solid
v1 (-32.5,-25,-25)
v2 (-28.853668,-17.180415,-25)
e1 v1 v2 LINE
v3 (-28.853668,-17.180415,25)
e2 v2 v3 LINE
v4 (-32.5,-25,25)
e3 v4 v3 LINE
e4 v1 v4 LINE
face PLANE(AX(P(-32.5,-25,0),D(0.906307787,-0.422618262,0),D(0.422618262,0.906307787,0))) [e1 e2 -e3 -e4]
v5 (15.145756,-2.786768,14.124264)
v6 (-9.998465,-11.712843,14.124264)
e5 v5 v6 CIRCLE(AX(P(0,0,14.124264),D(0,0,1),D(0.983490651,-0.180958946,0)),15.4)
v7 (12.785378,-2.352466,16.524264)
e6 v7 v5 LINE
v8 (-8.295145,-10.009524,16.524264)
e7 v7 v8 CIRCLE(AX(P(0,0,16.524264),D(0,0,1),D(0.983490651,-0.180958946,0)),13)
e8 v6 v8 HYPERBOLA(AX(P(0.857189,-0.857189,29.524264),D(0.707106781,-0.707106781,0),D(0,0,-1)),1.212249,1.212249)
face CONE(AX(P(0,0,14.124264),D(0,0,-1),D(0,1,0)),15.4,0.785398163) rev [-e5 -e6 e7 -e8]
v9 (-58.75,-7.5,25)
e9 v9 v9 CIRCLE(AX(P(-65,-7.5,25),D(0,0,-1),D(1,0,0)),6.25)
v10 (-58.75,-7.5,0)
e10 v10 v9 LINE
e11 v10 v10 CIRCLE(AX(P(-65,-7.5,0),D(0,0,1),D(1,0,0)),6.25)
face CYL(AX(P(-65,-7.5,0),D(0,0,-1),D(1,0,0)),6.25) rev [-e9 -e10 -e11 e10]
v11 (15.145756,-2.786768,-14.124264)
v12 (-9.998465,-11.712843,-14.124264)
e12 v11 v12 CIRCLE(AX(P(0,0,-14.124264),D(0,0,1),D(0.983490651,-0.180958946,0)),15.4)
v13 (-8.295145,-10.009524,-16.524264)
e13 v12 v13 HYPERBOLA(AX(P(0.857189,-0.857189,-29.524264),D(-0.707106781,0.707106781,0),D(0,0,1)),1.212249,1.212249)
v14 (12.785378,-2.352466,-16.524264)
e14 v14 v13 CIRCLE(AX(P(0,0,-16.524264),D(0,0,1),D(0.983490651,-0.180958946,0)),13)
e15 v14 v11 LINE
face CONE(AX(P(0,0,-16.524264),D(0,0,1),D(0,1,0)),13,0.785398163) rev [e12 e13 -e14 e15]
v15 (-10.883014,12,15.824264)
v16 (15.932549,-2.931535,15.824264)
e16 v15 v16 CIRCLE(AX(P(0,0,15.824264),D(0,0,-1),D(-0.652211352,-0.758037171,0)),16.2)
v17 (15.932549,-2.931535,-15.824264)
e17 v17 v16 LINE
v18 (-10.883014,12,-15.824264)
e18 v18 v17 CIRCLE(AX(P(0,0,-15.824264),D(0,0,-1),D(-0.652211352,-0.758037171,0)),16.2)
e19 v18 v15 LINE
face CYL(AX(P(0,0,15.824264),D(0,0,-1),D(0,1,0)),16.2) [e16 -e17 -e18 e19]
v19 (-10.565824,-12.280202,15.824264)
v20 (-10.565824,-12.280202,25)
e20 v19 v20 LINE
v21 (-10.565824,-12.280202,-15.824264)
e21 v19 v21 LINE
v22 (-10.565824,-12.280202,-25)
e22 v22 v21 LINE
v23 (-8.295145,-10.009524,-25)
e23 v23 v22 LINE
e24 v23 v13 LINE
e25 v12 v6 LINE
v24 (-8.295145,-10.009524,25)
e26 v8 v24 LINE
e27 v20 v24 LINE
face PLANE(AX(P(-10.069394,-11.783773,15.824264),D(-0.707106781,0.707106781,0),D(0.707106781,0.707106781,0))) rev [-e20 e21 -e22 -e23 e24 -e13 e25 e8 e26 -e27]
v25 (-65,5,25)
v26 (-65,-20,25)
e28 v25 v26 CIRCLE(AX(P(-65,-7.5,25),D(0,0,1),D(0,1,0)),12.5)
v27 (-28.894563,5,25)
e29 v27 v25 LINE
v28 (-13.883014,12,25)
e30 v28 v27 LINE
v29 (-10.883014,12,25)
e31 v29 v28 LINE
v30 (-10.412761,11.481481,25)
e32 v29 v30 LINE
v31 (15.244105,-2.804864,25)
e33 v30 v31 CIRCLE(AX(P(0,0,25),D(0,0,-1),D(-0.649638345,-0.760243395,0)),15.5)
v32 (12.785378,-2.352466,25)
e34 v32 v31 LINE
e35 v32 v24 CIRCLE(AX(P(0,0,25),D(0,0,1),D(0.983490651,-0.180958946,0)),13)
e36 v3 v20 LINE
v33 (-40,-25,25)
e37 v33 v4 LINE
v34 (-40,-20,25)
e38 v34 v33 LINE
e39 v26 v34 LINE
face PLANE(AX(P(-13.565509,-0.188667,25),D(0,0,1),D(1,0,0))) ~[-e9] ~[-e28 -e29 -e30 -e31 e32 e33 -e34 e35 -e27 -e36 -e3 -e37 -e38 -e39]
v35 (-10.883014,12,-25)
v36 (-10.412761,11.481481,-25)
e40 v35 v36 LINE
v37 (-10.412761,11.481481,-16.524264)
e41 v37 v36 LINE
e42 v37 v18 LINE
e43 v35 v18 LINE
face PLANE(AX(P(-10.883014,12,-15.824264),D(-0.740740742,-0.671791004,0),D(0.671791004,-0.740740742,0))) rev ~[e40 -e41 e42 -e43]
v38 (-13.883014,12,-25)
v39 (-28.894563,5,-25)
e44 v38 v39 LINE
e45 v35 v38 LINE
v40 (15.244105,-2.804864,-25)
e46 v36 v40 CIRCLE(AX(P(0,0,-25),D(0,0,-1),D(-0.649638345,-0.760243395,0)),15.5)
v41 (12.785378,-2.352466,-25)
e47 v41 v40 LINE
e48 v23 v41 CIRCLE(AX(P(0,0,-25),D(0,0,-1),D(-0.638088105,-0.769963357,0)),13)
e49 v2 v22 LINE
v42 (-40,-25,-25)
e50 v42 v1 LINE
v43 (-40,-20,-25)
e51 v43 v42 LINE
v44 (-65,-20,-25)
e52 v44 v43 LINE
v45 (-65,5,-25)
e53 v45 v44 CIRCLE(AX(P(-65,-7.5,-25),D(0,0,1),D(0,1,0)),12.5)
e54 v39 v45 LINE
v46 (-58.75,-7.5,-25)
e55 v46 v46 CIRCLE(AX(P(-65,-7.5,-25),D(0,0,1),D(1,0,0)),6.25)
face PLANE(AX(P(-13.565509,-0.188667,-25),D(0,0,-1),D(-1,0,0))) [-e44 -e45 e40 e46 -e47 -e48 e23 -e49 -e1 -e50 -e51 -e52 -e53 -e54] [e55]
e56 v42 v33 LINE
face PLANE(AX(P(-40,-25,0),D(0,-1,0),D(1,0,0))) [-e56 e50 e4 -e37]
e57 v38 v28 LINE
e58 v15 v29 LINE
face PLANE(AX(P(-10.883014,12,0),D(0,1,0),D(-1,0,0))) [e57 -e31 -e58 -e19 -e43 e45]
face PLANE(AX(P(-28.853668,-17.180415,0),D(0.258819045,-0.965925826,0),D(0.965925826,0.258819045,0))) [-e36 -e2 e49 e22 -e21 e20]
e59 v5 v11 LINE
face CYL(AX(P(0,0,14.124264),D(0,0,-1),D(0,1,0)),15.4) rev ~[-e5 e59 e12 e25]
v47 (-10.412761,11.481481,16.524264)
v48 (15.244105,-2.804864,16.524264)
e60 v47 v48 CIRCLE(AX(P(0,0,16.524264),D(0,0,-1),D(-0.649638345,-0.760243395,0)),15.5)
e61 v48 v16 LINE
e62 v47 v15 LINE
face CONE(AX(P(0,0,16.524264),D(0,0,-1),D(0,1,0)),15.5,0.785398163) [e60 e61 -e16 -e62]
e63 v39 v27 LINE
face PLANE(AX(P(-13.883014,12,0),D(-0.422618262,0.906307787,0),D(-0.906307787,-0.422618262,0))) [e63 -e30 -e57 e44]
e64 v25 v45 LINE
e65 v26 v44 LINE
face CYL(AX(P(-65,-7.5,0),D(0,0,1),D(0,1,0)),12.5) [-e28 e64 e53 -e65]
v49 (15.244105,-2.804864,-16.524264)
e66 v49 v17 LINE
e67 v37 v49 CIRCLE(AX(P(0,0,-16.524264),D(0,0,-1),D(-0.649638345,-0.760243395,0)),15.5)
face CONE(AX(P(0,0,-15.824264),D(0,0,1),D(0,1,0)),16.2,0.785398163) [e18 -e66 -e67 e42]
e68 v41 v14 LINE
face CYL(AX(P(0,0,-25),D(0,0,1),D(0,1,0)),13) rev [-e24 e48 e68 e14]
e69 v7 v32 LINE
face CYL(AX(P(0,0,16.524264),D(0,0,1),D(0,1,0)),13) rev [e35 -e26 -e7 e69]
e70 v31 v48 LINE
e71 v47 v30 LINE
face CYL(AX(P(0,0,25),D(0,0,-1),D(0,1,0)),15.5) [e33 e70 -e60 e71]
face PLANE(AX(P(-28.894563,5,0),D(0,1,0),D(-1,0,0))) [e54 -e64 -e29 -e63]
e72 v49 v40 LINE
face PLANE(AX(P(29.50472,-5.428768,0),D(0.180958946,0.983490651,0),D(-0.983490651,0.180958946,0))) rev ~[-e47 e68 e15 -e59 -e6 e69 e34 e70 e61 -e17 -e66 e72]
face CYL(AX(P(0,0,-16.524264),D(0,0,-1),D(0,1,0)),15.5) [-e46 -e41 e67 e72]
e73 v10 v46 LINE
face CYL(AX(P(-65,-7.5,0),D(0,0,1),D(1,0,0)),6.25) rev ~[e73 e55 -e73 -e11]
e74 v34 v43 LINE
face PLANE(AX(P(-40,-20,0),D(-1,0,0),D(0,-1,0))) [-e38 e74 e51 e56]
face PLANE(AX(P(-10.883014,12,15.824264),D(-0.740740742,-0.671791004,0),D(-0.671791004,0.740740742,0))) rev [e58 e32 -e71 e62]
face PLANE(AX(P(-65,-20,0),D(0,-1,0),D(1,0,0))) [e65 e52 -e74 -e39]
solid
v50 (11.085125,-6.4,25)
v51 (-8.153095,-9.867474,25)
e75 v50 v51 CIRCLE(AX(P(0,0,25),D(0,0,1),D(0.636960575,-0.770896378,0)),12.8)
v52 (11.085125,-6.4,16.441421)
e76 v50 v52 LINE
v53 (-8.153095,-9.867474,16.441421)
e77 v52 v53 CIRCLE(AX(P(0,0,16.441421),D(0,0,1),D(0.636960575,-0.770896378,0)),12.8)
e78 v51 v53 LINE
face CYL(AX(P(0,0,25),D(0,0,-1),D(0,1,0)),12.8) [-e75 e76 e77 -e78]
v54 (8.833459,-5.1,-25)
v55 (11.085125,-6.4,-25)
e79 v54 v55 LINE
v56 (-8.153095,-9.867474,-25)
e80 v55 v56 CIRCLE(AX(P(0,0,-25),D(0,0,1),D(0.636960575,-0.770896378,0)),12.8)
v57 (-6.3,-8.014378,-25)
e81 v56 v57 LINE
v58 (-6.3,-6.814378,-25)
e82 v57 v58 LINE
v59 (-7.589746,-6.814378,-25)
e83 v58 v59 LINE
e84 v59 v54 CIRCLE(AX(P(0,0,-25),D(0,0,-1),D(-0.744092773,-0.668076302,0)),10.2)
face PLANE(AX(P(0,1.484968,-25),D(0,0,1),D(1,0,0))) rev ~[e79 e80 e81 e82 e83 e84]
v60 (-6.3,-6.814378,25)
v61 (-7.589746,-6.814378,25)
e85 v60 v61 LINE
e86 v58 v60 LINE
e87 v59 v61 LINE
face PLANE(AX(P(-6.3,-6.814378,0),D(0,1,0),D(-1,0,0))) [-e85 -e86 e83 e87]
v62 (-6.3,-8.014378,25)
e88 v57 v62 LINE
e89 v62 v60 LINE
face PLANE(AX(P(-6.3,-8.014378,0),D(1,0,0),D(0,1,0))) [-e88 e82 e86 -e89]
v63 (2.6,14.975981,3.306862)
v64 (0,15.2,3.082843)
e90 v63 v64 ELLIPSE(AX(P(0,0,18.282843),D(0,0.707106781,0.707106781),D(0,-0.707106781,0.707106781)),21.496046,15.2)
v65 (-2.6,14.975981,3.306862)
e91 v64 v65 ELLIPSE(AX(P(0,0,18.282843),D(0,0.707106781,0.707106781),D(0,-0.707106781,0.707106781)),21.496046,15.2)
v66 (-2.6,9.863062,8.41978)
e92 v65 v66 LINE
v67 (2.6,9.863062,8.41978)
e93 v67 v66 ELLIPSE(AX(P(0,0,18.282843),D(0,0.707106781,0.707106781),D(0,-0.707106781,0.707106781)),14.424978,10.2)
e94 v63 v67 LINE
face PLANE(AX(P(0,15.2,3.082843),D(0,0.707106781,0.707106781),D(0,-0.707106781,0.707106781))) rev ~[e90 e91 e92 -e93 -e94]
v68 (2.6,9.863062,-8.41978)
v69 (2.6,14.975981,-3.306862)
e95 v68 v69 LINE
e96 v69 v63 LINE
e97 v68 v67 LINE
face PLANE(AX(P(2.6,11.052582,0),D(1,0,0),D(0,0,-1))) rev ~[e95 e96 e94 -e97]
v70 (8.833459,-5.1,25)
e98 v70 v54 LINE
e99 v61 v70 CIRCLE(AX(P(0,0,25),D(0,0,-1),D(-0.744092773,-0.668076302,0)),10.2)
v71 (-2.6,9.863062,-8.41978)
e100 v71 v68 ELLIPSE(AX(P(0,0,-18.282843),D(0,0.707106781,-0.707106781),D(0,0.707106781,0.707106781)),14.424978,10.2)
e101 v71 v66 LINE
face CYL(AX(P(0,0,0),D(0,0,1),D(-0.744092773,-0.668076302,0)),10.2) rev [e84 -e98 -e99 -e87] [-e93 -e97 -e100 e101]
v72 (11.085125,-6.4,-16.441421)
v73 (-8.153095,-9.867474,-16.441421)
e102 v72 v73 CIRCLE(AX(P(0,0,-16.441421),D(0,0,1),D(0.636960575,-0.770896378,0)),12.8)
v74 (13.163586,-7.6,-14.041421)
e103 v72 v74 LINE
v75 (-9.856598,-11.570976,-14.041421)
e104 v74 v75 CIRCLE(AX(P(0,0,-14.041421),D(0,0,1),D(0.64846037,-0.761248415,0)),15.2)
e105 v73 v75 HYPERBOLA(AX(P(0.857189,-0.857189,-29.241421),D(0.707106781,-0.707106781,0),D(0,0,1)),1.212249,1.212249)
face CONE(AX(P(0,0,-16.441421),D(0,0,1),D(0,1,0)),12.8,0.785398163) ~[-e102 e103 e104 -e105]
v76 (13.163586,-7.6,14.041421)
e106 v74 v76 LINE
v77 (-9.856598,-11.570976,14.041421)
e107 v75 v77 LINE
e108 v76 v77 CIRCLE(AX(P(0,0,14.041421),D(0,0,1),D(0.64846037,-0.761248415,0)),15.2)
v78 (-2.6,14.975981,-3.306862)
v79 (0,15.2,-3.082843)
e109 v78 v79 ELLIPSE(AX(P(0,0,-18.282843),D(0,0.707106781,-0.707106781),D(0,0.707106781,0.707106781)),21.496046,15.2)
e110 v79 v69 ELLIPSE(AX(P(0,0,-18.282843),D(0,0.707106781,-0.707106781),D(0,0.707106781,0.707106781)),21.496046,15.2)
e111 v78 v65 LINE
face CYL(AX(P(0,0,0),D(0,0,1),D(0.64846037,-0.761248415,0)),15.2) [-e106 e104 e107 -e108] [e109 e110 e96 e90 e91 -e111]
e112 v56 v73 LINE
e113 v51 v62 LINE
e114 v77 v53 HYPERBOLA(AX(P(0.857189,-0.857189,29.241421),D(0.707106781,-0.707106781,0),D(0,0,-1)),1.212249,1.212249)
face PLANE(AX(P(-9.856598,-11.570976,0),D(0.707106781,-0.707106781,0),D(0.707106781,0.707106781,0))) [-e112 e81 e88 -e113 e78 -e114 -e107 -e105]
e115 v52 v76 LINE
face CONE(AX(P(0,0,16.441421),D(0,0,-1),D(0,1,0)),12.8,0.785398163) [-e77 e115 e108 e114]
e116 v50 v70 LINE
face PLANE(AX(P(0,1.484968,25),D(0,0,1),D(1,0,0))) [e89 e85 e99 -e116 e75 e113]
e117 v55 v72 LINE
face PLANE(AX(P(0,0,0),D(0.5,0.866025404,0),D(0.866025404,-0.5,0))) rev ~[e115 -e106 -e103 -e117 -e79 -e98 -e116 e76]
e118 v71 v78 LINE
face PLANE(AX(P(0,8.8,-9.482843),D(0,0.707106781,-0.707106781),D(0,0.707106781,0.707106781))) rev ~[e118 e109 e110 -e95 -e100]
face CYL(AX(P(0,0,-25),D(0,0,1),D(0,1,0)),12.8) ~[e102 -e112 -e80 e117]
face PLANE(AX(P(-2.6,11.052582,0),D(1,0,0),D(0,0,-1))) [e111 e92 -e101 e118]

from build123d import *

# Parameters (mm, degrees)
BOSS_EXTRUDE1_DEPTH     = 25
CUT_EXTRUDE1_DEPTH      = 2.6
CUT_EXTRUDE2_DEPTH      = 26
CUT_EXTRUDE2_DEPTH_BACK = 26
BOSS_EXTRUDE2_DEPTH     = 25
BOSS_EXTRUDE3_START     = -9.175736
BOSS_EXTRUDE3_DEPTH     = 9.175736
SKETCH15_R              = 6.25
CUT_EXTRUDE3_DEPTH      = 26
CUT_EXTRUDE3_DEPTH_BACK = 26
CUT_EXTRUDE4_DEPTH      = 26
CUT_EXTRUDE4_DEPTH_BACK = 26


with BuildPart() as part:
    # Sketch3 → Boss-Extrude1 (new body, symmetric)
    with BuildSketch(Plane.XY):
        with BuildLine():
            Line((6.3, -8.014378278), (9.856597623, -11.570975901))
            ThreePointArc((9.856597623, -11.570975901), (0, 15.2), (-9.856597623, -11.570975901))
            Line((-9.856597623, -11.570975901), (-6.3, -8.014378278))
            Line((-6.3, -8.014378278), (-6.3, -6.814378278))
            Line((-6.3, -6.814378278), (-7.589746286, -6.814378278))
            ThreePointArc((-7.589746286, -6.814378278), (0, 10.2), (7.589746286, -6.814378278))
            Line((7.589746286, -6.814378278), (6.3, -6.814378278))
            Line((6.3, -6.814378278), (6.3, -8.014378278))
        make_face()
    extrude(amount=BOSS_EXTRUDE1_DEPTH, both=True)

    # Sketch4 → Cut-Extrude1 (cut, symmetric)
    with BuildSketch(Plane(origin=(0, 0, 0), x_dir=(0, 0, -1), z_dir=(1, 0, 0))):
        Polygon((-3.082842712, 15.2), (-9.482842712, 8.8), (9.482842712, 8.8), (3.082842712, 15.2), align=None)
    extrude(amount=CUT_EXTRUDE1_DEPTH, both=True, mode=Mode.SUBTRACT)

    # Sketch5 → Cut-Revolve1 (revolve, cut)
    with BuildSketch(Plane(origin=(0, 0, 0), x_dir=(0, 0, -1), z_dir=(1, 0, 0))):
        Polygon((25, 15.2), (25, 12.8), (16.441421356, 12.8), (14.041421356, 15.2), align=None)
    cut_revolve1 = revolve(axis=Axis((0, 0, 27.223610458), (0, 0, -1)), mode=Mode.SUBTRACT)

    # Mirror1: Cut-Revolve1 across plane
    add(cut_revolve1.mirror(Plane.XY), mode=Mode.SUBTRACT)

    # Sketch16 → Cut-Extrude4 (cut, two sides)
    with BuildSketch(Plane.XY) as cut_extrude4_sk:
        with BuildLine():
            Line((0, 0), (13.163586138, -7.6))
            ThreePointArc((13.163586138, -7.6), (7.6, -13.163586138), (0, -15.2))
            Line((0, -15.2), (0, 0))
        make_face()
    extrude(amount=CUT_EXTRUDE4_DEPTH, mode=Mode.SUBTRACT)
    extrude(cut_extrude4_sk.sketch, amount=-CUT_EXTRUDE4_DEPTH_BACK, mode=Mode.SUBTRACT)


with BuildPart() as body_2:
    # Sketch7 → Revolve1 (revolve)
    with BuildSketch(Plane(origin=(0, 0, 0), x_dir=(0, 0, -1), z_dir=(1, 0, 0))):
        Polygon((25, 13), (16.524264069, 13), (14.124264069, 15.4), (3.082842712, 15.4), (-3.082842712, 15.4), (-14.124264069, 15.4), (-16.524264069, 13), (-25, 13), (-25, 15.5), (-16.524264069, 15.5), (-15.824264069, 16.2), (15.824264069, 16.2), (16.524264069, 15.5), (25, 15.5), align=None)
    revolve(axis=Axis((0, 0, 29.952528939), (0, 0, -1)))

    # Sketch10 → Cut-Extrude2 (cut, two sides)
    with BuildSketch(Plane.XY) as cut_extrude2_sk:
        with BuildLine():
            Line((-6.3, -8.014378278), (-9.856597623, -11.570975901))
            Line((-9.856597623, -11.570975901), (-28.285621722, -30))
            Line((-28.285621722, -30), (0, -30))
            ThreePointArc((0, -30), (19.198137256, -23.052798657), (29.504719516, -5.428768394))
            Line((29.504719516, -5.428768394), (0, 0))
            Line((0, 0), (-6.3, -8.014378278))
        make_face()
    extrude(amount=CUT_EXTRUDE2_DEPTH, mode=Mode.SUBTRACT)
    extrude(cut_extrude2_sk.sketch, amount=-CUT_EXTRUDE2_DEPTH_BACK, mode=Mode.SUBTRACT)

    # Sketch12 → Boss-Extrude2 (add, symmetric)
    with BuildSketch(Plane.XY):
        with BuildLine():
            Line((-40, -20), (-40, -25))
            Line((-40, -25), (-32.5, -25))
            Line((-32.5, -25), (-28.853667702, -17.180415152))
            Line((-28.853667702, -17.180415152), (-10.565823895, -12.280202173))
            ThreePointArc((-10.565823895, -12.280202173), (-16.198617819, -0.211614628), (-10.883014288, 12))
            Line((-10.883014288, 12), (-13.883014288, 12))
            Line((-13.883014288, 12), (-28.894562732, 5))
            Line((-28.894562732, 5), (-65, 5))
            ThreePointArc((-65, 5), (-77.5, -7.5), (-65, -20))
            Line((-65, -20), (-40, -20))
        make_face()
    extrude(amount=BOSS_EXTRUDE2_DEPTH, both=True)

    # Sketch13 → Boss-Extrude3 (add)
    with BuildSketch(Plane(origin=(0, 0, -25), x_dir=(-1, 0, 0), z_dir=(0, 0, -1)).offset(BOSS_EXTRUDE3_START)):
        with BuildLine():
            Line((10.883014288, 12), (10.412760585, 11.481481481))
            ThreePointArc((10.412760585, 11.481481481), (15.498312164, -0.228735824), (10.069394352, -11.78377263))
            Line((10.069394352, -11.78377263), (10.565823895, -12.280202173))
            ThreePointArc((10.565823895, -12.280202173), (16.198617819, -0.211614628), (10.883014288, 12))
        make_face()
    boss_extrude3 = extrude(amount=BOSS_EXTRUDE3_DEPTH)

    # Mirror2: Boss-Extrude3 across plane
    add(boss_extrude3.mirror(Plane.XY))

    # Sketch15 → Cut-Extrude3 (cut, two sides)
    with BuildSketch(Plane.XY) as cut_extrude3_sk:
        with Locations((-65, -7.5)):
            Circle(SKETCH15_R)
    extrude(amount=CUT_EXTRUDE3_DEPTH, mode=Mode.SUBTRACT)
    extrude(cut_extrude3_sk.sketch, amount=-CUT_EXTRUDE3_DEPTH_BACK, mode=Mode.SUBTRACT)


solid = Compound([part.part, body_2.part])
